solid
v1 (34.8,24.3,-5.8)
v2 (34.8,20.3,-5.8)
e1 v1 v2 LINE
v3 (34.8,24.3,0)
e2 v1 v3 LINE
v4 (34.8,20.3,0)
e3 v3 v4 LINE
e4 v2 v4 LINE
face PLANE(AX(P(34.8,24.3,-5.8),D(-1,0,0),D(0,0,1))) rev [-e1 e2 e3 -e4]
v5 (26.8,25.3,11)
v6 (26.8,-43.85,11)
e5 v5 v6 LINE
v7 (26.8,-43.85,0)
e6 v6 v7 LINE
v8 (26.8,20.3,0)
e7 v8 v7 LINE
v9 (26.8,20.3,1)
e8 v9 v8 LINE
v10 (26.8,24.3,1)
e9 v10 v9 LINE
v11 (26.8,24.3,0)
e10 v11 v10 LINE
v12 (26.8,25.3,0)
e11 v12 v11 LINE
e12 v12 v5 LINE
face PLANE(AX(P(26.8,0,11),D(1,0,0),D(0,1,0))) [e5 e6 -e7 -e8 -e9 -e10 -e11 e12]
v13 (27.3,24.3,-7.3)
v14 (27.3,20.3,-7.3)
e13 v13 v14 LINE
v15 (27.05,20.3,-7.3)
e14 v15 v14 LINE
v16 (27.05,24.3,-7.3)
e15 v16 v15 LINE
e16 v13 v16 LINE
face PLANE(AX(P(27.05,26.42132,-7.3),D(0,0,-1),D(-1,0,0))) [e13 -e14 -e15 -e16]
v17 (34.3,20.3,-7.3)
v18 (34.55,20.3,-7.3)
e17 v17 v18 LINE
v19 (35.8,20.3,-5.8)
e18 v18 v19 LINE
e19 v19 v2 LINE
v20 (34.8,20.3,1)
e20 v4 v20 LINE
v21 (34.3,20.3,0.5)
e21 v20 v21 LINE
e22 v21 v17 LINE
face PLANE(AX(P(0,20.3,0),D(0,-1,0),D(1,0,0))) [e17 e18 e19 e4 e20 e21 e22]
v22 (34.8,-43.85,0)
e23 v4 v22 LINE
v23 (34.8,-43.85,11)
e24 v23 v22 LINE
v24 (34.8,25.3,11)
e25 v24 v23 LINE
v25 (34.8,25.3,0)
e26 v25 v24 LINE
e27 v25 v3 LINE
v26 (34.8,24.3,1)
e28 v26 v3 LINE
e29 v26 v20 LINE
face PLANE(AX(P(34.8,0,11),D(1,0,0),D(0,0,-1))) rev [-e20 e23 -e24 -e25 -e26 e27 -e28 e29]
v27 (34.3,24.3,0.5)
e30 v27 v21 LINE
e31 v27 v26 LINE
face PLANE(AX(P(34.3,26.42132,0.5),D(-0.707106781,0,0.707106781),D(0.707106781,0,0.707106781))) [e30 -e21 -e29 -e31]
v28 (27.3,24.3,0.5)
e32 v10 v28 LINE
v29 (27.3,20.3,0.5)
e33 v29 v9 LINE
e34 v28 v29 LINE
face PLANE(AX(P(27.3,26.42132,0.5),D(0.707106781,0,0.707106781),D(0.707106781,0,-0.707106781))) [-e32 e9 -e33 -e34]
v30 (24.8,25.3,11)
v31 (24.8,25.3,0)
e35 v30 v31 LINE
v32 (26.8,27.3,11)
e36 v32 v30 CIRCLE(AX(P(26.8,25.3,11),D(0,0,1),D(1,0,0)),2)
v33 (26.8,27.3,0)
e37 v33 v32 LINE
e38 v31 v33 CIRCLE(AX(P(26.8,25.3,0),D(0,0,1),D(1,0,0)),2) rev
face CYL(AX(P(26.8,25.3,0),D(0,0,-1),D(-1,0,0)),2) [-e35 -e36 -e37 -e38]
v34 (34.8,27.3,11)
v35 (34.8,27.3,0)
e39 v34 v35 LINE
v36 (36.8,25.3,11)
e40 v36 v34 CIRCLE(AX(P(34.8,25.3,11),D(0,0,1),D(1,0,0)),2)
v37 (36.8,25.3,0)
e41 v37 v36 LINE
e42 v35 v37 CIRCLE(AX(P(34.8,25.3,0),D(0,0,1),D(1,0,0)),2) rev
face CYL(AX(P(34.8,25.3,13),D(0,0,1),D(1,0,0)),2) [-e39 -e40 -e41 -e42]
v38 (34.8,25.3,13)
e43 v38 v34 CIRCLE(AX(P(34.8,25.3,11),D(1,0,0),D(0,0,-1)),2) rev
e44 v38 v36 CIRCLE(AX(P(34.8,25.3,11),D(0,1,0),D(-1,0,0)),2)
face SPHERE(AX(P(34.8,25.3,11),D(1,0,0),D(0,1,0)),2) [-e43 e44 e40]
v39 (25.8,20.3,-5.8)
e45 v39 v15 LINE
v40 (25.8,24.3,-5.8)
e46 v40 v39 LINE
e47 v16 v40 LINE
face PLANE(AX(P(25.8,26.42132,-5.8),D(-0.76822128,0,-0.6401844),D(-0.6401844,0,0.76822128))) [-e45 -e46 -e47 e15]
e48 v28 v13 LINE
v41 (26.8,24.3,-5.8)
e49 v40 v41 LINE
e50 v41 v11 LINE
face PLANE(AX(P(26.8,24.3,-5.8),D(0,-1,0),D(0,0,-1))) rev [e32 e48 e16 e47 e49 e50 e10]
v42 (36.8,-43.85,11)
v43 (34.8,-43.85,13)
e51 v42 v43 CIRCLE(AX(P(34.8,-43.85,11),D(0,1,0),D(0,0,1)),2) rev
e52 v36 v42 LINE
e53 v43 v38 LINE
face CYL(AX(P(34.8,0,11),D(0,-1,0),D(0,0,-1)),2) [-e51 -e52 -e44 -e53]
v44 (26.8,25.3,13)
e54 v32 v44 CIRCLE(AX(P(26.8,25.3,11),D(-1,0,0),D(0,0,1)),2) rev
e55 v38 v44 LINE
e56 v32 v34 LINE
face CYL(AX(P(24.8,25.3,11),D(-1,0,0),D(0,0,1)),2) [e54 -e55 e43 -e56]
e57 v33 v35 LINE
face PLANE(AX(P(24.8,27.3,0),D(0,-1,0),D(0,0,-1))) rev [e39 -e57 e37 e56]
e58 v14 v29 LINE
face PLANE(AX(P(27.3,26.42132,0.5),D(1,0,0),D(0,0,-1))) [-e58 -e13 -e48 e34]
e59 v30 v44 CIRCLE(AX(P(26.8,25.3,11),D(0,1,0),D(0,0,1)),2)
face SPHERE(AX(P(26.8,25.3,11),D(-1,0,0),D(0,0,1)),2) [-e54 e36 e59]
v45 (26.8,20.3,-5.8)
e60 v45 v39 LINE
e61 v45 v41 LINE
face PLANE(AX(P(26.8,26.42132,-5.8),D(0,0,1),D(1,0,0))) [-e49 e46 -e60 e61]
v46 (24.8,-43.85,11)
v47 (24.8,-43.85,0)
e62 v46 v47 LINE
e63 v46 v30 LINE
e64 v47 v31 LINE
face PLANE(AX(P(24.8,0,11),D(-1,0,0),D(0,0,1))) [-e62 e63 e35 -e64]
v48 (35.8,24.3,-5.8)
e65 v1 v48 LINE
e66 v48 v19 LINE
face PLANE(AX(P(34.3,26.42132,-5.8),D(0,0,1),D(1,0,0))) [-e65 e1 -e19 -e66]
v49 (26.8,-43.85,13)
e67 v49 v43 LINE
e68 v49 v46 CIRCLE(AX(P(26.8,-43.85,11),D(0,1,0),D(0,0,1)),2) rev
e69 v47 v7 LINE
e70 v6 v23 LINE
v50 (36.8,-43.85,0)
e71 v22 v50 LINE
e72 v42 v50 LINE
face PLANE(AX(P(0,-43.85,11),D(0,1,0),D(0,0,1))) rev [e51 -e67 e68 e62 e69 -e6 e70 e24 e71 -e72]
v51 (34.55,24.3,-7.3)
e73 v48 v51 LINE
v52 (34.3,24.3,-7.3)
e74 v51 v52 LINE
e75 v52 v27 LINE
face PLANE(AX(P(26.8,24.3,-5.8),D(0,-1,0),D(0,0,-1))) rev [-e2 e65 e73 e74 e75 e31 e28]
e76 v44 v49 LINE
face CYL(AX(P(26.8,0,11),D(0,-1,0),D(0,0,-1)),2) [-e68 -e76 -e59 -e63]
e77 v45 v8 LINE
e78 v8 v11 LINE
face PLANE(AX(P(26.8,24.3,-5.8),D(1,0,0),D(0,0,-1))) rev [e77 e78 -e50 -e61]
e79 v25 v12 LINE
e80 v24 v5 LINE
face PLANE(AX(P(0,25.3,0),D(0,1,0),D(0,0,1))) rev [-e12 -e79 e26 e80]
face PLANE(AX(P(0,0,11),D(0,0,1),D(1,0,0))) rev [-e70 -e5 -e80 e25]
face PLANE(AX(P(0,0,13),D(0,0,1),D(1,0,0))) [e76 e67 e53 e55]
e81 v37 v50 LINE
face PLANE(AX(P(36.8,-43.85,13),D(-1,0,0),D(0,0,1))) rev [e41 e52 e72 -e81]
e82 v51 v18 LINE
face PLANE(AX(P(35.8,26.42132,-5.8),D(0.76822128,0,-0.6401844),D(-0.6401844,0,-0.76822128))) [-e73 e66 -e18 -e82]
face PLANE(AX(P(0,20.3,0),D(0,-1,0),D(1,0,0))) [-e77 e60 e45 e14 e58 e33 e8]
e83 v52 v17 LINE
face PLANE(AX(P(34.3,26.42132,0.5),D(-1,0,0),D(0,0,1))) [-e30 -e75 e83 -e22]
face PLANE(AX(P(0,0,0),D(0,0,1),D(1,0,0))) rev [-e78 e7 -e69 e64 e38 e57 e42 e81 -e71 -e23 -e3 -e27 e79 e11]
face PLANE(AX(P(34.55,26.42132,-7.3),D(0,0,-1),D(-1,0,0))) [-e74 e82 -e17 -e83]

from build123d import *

# Parameters (mm, degrees)
BOSS_EXTRUDE1_DEPTH    = 11
SKETCH2_W              = 2
SKETCH2_H              = 6
BOSS_EXTRUDE2_DEPTH    = 2
SKETCH1_3_W            = 2
SKETCH1_3_H            = 100
BOSS_EXTRUDE3_DEPTH    = 11
SKETCH3_W              = 12
SKETCH3_H              = 100
BOSS_EXTRUDE4_DEPTH    = 2
SKETCH10_W             = 12
SKETCH10_H             = 28.85
CUT_EXTRUDE3_DEPTH     = 14
SKETCH11_W             = 12
SKETCH11_H             = 13
BOSS_EXTRUDE8_DEPTH    = 2
SKETCH12_W             = 8
SKETCH12_H             = 11
CUT_EXTRUDE4_DEPTH     = 2
SKETCH17_W             = 13
SKETCH17_H             = 16.3
CUT_EXTRUDE7_DEPTH     = 26.8
SKETCH18_W             = 11
SKETCH18_H             = 6
BOSS_EXTRUDE11_DEPTH   = 2
SKETCH19_W             = 8
SKETCH19_H             = 11
BOSS_EXTRUDE12_DEPTH   = 2
FILLET8_R              = 2
SKETCH20_W             = 0.5
SKETCH20_H             = 4
BOSS_EXTRUDE13_DEPTH   = 5.8
BOSS_EXTRUDE13_2_DEPTH = 5.8
BOSS_EXTRUDE14_DEPTH   = 4


with BuildPart() as part:
    # Sketch1 → Boss-Extrude1 (new body)
    with BuildSketch(Plane.XY):
        Polygon((24.8, 14.3), (-2, 14.3), (-2, -2), (24.8, -2), (24.8, 3.15), (22.8, 3.15), (22.8, 0), (0, 0), (0, 12.3), (22.8, 12.3), (22.8, 9.15), (24.8, 9.15), align=None)
    extrude(amount=BOSS_EXTRUDE1_DEPTH)

    # Sketch2 → Boss-Extrude2 (add)
    with BuildSketch(Plane.XY.offset(11)):
        Polygon((22.8, 9.15), (22.8, 3.15), (22.8, 0), (0, 0), (0, 12.3), (22.8, 12.3), align=None)
        Polygon((24.8, -2), (24.8, 3.15), (22.8, 3.15), (22.8, 0), (0, 0), (0, 12.3), (22.8, 12.3), (22.8, 9.15), (24.8, 9.15), (24.8, 14.3), (-2, 14.3), (-2, -2), align=None)
        with Locations((23.8, 6.15)):
            Rectangle(SKETCH2_W, SKETCH2_H)
    extrude(amount=BOSS_EXTRUDE2_DEPTH)

    # Sketch1_3 → Boss-Extrude3 (add)
    with BuildSketch(Plane.XY):
        Polygon((24.8, 3.15), (24.8, -2), (24.8, -43.85), (26.8, -43.85), (26.8, 3.15), align=None)
        Polygon((24.8, 56.15), (24.8, 14.3), (24.8, 9.15), (26.8, 9.15), (26.8, 56.15), align=None)
        with Locations((35.8, 6.15)):
            Rectangle(SKETCH1_3_W, SKETCH1_3_H)
    extrude(amount=BOSS_EXTRUDE3_DEPTH)

    # Sketch3 → Boss-Extrude4 (add)
    with BuildSketch(Plane.XY.offset(11)):
        with Locations((30.8, 6.15)):
            Rectangle(SKETCH3_W, SKETCH3_H)
    extrude(amount=BOSS_EXTRUDE4_DEPTH)

    # Sketch10 → Cut-Extrude3 (cut, through all)
    with BuildSketch(Plane.XY.offset(13)):
        with Locations((30.8, 41.725)):
            Rectangle(SKETCH10_W, SKETCH10_H)
    extrude(amount=-CUT_EXTRUDE3_DEPTH, mode=Mode.SUBTRACT)

    # Sketch11 → Boss-Extrude8 (add)
    with BuildSketch(Plane(origin=(0, 27.3, 0), x_dir=(1, 0, 0), z_dir=(0, 1, 0))):
        with Locations((30.8, -6.5)):
            Rectangle(SKETCH11_W, SKETCH11_H)
    extrude(amount=-BOSS_EXTRUDE8_DEPTH)

    # Sketch12 → Cut-Extrude4 (cut)
    with BuildSketch(Plane.XY.offset(13)):
        with Locations((30.8, 19.8)):
            Rectangle(SKETCH12_W, SKETCH12_H)
    extrude(amount=-CUT_EXTRUDE4_DEPTH, mode=Mode.SUBTRACT)

    # Sketch17 → Cut-Extrude7 (cut)
    with BuildSketch(Plane.ZY.offset(2)):
        with Locations((6.5, 6.15)):
            Rectangle(SKETCH17_W, SKETCH17_H)
    extrude(amount=-CUT_EXTRUDE7_DEPTH, mode=Mode.SUBTRACT)

    # Sketch18 → Boss-Extrude11 (add)
    with BuildSketch(Plane.ZY.offset(-24.8)):
        with Locations((5.5, 6.15)):
            Rectangle(SKETCH18_W, SKETCH18_H)
    extrude(amount=-BOSS_EXTRUDE11_DEPTH)

    # Sketch19 → Boss-Extrude12 (add)
    with BuildSketch(Plane.XY.offset(13)):
        with Locations((30.8, 19.8)):
            Rectangle(SKETCH19_W, SKETCH19_H)
    extrude(amount=-BOSS_EXTRUDE12_DEPTH)

    # Fillet8
    fillet8_edges = [part.edges().sort_by_distance(p)[0] for p in [
        (36.8, 27.3, 6.5),
        (24.8, 27.3, 6.5),
        (30.8, 27.3, 13),
        (24.8, -8.275, 13),
        (36.8, -8.275, 13),
    ]]
    fillet(fillet8_edges, radius=FILLET8_R)



with BuildPart() as body_2:
    # Sketch20 → Boss-Extrude13 (new body)
    with BuildSketch(Plane(origin=(0, 0, 0), x_dir=(-1, 0, 0), z_dir=(0, 0, -1))):
        with Locations((-34.55, 22.3)):
            Rectangle(SKETCH20_W, SKETCH20_H)
    extrude(amount=BOSS_EXTRUDE13_DEPTH)


with BuildPart() as body_3:
    # Sketch20 → Boss-Extrude13 2 (new body)
    with BuildSketch(Plane(origin=(0, 0, 0), x_dir=(-1, 0, 0), z_dir=(0, 0, -1))):
        with Locations((-27.05, 22.3)):
            Rectangle(SKETCH20_W, SKETCH20_H)
    extrude(amount=BOSS_EXTRUDE13_2_DEPTH)


with BuildPart() as part_1:
    add(part.part)

    add(body_2.part)  # Boss-Extrude14 merges body 2

    add(body_3.part)  # Boss-Extrude14 merges body 3
    # Sketch21 → Boss-Extrude14 (add)
    with BuildSketch(Plane.XZ.offset(-20.3)):
        Polygon((27.3, 0.5), (26.8, 1), (26.8, 0.5), (26.8, 0), (27.3, 0), align=None)
        Polygon((26.8, -5.8), (25.8, -5.8), (27.05, -7.3), (27.3, -7.3), (27.3, -5.8), align=None)
        Polygon((34.3, -5.8), (34.8, -5.8), (35.8, -5.8), (34.55, -7.3), (34.3, -7.3), align=None)
        Polygon((34.8, 0), (34.3, 0), (34.3, 0.5), (34.8, 1), (34.8, 0.5), align=None)
    extrude(amount=-BOSS_EXTRUDE14_DEPTH)


solid = part_1.part
